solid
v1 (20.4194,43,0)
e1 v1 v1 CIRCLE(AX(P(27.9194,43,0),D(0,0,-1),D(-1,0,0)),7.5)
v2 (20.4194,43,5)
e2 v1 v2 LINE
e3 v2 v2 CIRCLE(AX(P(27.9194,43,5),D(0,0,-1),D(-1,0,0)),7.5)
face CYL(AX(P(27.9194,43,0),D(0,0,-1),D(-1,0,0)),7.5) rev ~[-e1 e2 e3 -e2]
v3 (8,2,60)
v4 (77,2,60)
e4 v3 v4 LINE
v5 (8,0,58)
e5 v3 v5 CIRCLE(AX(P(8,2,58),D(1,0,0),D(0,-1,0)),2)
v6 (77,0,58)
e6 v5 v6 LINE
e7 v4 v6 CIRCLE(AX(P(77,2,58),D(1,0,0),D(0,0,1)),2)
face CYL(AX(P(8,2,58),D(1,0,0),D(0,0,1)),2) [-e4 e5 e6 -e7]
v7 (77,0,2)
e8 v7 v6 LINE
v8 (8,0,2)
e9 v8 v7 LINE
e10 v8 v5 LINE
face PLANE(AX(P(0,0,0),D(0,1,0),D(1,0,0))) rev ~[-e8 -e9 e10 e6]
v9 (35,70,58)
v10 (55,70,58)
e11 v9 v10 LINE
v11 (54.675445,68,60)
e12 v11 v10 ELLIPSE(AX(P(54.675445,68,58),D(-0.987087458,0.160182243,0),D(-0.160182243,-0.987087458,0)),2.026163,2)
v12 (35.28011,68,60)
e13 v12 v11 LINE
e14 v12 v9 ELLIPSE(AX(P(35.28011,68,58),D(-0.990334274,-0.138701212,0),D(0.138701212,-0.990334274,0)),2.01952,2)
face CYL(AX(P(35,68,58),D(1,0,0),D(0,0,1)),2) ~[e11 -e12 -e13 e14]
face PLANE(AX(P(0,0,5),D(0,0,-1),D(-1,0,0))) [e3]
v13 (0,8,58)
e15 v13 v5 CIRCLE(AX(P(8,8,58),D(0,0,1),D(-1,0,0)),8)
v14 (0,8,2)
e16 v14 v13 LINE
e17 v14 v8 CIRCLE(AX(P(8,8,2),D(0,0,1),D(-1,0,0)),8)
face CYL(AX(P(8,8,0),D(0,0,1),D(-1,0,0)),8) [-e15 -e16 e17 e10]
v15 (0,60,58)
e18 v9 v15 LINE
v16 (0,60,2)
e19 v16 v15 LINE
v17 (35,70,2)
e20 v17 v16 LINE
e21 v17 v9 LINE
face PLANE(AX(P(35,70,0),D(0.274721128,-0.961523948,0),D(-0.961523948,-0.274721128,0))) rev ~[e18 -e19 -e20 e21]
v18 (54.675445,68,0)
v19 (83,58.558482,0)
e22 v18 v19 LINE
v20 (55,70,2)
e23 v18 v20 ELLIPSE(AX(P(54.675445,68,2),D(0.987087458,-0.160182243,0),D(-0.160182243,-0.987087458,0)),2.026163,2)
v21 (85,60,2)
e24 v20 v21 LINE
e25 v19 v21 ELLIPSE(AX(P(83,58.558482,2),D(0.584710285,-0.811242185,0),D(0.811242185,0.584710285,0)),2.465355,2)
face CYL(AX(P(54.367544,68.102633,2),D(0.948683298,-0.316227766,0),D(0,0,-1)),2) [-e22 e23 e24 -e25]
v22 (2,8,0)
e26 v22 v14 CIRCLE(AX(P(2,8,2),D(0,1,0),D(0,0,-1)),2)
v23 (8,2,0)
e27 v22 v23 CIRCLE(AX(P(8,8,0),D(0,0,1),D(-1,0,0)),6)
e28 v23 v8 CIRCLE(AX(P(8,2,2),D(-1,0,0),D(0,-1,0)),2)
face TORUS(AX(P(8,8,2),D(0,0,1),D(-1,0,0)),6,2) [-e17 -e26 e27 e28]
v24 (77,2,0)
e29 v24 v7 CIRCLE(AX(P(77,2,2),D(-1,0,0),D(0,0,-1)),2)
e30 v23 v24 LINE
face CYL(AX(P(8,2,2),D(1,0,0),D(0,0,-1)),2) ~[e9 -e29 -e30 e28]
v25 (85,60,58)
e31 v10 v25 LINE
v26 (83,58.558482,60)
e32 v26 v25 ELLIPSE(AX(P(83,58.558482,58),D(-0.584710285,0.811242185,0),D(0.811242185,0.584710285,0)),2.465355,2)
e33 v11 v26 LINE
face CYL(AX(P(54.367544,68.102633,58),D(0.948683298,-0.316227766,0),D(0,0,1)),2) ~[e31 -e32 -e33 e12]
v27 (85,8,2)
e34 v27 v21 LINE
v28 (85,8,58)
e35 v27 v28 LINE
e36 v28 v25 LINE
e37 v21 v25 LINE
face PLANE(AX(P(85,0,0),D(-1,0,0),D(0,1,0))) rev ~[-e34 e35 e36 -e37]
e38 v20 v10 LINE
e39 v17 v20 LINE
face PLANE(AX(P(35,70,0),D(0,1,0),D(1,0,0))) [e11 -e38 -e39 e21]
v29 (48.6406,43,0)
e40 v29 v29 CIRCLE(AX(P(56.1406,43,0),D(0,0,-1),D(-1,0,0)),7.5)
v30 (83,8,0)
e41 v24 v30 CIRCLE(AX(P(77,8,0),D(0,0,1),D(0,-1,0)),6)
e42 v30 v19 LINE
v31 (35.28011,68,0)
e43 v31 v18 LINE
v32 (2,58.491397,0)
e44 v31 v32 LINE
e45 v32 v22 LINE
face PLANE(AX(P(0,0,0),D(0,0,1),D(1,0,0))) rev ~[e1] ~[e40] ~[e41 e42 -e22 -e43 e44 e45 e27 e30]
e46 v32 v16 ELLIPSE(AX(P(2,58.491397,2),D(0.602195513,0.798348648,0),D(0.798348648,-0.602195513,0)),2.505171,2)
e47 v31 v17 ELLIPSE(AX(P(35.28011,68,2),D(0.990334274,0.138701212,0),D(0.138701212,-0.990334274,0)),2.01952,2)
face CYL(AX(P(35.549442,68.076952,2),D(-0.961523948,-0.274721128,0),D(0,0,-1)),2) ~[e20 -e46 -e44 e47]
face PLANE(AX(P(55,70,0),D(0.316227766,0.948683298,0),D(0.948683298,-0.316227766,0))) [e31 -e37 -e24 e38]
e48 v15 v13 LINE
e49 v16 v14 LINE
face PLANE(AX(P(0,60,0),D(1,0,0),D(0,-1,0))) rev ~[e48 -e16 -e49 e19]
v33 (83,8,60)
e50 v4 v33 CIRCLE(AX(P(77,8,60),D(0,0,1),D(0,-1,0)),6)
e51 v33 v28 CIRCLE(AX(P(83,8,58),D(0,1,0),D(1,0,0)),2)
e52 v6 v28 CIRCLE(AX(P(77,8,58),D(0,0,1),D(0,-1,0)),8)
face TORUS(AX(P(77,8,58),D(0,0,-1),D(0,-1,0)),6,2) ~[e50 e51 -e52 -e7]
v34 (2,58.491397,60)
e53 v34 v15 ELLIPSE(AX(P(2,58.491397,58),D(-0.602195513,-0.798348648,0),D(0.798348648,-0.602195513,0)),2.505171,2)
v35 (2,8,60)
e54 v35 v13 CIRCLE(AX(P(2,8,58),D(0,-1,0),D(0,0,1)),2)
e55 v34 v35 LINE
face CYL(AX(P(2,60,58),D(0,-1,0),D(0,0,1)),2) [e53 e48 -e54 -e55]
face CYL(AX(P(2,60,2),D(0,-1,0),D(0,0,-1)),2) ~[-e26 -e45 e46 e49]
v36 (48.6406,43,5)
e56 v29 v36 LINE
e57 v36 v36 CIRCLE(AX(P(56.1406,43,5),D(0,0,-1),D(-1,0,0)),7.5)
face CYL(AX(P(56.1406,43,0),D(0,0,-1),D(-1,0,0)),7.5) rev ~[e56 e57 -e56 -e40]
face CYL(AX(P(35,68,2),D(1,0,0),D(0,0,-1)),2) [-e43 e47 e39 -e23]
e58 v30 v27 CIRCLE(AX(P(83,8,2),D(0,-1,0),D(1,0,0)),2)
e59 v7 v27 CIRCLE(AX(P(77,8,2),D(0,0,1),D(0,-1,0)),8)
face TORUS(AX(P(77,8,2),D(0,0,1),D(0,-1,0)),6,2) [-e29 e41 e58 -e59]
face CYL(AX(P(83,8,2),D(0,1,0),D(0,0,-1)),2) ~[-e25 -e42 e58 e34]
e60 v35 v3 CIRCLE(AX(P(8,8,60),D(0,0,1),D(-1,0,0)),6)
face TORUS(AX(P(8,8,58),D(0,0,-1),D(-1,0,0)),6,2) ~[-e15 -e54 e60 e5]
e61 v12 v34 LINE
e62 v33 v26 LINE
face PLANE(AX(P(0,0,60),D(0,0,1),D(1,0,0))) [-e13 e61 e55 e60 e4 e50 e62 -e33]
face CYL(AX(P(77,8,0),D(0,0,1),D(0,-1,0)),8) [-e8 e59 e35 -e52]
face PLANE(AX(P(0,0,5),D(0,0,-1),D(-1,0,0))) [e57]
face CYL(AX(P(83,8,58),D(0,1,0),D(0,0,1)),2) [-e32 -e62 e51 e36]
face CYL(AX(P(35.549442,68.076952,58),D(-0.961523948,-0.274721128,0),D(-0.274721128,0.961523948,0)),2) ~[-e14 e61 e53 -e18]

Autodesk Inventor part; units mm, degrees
ref_plane "YZ Plane" through (0, 0, 0) normal (1, 0, 0) x (0, 1, 0)
ref_plane "XZ Plane" through (0, 0, 0) normal (0, 1, 0) x (-1, 0, 0)
ref_plane "XY Plane" through (0, 0, 0) normal (0, 0, 1) x (1, 0, 0)
sketch "Sketch1" plane through (0, 0, 0) normal (0, 0, 1) x (1, 0, 0)
  line L0 (0, 0) -> (85, 0)
  line L1 (85, 0) -> (85, 60)
  line L2 (85, 60) -> (0, 60)
  line L3 (0, 60) -> (0, 0)
  line L4 (0, 60) -> (35, 60)
  line L5 (35, 60) -> (35, 70)
  line L6 (35, 70) -> (55, 70)
  line L7 (55, 70) -> (85, 60)
  line L8 (35, 70) -> (0, 60)
  dimension "d0" = 85
  dimension "d1" = 60
  dimension "d2" = 35
  dimension "d3" = 10
  dimension "d4" = 20
extrude "Extrusion1" add sketch "Sketch1" along normal blind 60
fillet "Fillet1" radius 8 2 edges at (85, 0, 30) (0, 0, 30)
fillet "Fillet2" radius 2 16 edges at (82.6569, 2.3431, 60) (42.5, 0, 60) (2.3431, 2.3431, 60) (0, 34, 60) (85, 34, 60) (70, 65, 60) (45, 70, 60) (17.5, 65, 60) (82.6569, 2.3431, 0) (42.5, 0, 0) (2.3431, 2.3431, 0) (0, 34, 0) (85, 34, 0) (70, 65, 0) (45, 70, 0) (17.5, 65, 0)
sketch "Sketch2" plane through (0, 0, 0) normal (0, 0, -1) x (-1, 0, 0)
  point P0 (0, 0)
sketch "Sketch3" plane through (0, 0, 0) normal (0, 0, -1) x (-1, 0, 0)
  line L0 (-85, 8) -> (-85, 60) projected
  circle A0 centre (-27.9194, 43) radius 7.5
  circle A1 centre (-56.1406, 43) radius 7.5
  point P0 (0, 0)
  dimension "d12" = 15
extrude "Extrusion2" cut sketch "Sketch3" against normal blind 5
properties part number "SCALE HEAD"
